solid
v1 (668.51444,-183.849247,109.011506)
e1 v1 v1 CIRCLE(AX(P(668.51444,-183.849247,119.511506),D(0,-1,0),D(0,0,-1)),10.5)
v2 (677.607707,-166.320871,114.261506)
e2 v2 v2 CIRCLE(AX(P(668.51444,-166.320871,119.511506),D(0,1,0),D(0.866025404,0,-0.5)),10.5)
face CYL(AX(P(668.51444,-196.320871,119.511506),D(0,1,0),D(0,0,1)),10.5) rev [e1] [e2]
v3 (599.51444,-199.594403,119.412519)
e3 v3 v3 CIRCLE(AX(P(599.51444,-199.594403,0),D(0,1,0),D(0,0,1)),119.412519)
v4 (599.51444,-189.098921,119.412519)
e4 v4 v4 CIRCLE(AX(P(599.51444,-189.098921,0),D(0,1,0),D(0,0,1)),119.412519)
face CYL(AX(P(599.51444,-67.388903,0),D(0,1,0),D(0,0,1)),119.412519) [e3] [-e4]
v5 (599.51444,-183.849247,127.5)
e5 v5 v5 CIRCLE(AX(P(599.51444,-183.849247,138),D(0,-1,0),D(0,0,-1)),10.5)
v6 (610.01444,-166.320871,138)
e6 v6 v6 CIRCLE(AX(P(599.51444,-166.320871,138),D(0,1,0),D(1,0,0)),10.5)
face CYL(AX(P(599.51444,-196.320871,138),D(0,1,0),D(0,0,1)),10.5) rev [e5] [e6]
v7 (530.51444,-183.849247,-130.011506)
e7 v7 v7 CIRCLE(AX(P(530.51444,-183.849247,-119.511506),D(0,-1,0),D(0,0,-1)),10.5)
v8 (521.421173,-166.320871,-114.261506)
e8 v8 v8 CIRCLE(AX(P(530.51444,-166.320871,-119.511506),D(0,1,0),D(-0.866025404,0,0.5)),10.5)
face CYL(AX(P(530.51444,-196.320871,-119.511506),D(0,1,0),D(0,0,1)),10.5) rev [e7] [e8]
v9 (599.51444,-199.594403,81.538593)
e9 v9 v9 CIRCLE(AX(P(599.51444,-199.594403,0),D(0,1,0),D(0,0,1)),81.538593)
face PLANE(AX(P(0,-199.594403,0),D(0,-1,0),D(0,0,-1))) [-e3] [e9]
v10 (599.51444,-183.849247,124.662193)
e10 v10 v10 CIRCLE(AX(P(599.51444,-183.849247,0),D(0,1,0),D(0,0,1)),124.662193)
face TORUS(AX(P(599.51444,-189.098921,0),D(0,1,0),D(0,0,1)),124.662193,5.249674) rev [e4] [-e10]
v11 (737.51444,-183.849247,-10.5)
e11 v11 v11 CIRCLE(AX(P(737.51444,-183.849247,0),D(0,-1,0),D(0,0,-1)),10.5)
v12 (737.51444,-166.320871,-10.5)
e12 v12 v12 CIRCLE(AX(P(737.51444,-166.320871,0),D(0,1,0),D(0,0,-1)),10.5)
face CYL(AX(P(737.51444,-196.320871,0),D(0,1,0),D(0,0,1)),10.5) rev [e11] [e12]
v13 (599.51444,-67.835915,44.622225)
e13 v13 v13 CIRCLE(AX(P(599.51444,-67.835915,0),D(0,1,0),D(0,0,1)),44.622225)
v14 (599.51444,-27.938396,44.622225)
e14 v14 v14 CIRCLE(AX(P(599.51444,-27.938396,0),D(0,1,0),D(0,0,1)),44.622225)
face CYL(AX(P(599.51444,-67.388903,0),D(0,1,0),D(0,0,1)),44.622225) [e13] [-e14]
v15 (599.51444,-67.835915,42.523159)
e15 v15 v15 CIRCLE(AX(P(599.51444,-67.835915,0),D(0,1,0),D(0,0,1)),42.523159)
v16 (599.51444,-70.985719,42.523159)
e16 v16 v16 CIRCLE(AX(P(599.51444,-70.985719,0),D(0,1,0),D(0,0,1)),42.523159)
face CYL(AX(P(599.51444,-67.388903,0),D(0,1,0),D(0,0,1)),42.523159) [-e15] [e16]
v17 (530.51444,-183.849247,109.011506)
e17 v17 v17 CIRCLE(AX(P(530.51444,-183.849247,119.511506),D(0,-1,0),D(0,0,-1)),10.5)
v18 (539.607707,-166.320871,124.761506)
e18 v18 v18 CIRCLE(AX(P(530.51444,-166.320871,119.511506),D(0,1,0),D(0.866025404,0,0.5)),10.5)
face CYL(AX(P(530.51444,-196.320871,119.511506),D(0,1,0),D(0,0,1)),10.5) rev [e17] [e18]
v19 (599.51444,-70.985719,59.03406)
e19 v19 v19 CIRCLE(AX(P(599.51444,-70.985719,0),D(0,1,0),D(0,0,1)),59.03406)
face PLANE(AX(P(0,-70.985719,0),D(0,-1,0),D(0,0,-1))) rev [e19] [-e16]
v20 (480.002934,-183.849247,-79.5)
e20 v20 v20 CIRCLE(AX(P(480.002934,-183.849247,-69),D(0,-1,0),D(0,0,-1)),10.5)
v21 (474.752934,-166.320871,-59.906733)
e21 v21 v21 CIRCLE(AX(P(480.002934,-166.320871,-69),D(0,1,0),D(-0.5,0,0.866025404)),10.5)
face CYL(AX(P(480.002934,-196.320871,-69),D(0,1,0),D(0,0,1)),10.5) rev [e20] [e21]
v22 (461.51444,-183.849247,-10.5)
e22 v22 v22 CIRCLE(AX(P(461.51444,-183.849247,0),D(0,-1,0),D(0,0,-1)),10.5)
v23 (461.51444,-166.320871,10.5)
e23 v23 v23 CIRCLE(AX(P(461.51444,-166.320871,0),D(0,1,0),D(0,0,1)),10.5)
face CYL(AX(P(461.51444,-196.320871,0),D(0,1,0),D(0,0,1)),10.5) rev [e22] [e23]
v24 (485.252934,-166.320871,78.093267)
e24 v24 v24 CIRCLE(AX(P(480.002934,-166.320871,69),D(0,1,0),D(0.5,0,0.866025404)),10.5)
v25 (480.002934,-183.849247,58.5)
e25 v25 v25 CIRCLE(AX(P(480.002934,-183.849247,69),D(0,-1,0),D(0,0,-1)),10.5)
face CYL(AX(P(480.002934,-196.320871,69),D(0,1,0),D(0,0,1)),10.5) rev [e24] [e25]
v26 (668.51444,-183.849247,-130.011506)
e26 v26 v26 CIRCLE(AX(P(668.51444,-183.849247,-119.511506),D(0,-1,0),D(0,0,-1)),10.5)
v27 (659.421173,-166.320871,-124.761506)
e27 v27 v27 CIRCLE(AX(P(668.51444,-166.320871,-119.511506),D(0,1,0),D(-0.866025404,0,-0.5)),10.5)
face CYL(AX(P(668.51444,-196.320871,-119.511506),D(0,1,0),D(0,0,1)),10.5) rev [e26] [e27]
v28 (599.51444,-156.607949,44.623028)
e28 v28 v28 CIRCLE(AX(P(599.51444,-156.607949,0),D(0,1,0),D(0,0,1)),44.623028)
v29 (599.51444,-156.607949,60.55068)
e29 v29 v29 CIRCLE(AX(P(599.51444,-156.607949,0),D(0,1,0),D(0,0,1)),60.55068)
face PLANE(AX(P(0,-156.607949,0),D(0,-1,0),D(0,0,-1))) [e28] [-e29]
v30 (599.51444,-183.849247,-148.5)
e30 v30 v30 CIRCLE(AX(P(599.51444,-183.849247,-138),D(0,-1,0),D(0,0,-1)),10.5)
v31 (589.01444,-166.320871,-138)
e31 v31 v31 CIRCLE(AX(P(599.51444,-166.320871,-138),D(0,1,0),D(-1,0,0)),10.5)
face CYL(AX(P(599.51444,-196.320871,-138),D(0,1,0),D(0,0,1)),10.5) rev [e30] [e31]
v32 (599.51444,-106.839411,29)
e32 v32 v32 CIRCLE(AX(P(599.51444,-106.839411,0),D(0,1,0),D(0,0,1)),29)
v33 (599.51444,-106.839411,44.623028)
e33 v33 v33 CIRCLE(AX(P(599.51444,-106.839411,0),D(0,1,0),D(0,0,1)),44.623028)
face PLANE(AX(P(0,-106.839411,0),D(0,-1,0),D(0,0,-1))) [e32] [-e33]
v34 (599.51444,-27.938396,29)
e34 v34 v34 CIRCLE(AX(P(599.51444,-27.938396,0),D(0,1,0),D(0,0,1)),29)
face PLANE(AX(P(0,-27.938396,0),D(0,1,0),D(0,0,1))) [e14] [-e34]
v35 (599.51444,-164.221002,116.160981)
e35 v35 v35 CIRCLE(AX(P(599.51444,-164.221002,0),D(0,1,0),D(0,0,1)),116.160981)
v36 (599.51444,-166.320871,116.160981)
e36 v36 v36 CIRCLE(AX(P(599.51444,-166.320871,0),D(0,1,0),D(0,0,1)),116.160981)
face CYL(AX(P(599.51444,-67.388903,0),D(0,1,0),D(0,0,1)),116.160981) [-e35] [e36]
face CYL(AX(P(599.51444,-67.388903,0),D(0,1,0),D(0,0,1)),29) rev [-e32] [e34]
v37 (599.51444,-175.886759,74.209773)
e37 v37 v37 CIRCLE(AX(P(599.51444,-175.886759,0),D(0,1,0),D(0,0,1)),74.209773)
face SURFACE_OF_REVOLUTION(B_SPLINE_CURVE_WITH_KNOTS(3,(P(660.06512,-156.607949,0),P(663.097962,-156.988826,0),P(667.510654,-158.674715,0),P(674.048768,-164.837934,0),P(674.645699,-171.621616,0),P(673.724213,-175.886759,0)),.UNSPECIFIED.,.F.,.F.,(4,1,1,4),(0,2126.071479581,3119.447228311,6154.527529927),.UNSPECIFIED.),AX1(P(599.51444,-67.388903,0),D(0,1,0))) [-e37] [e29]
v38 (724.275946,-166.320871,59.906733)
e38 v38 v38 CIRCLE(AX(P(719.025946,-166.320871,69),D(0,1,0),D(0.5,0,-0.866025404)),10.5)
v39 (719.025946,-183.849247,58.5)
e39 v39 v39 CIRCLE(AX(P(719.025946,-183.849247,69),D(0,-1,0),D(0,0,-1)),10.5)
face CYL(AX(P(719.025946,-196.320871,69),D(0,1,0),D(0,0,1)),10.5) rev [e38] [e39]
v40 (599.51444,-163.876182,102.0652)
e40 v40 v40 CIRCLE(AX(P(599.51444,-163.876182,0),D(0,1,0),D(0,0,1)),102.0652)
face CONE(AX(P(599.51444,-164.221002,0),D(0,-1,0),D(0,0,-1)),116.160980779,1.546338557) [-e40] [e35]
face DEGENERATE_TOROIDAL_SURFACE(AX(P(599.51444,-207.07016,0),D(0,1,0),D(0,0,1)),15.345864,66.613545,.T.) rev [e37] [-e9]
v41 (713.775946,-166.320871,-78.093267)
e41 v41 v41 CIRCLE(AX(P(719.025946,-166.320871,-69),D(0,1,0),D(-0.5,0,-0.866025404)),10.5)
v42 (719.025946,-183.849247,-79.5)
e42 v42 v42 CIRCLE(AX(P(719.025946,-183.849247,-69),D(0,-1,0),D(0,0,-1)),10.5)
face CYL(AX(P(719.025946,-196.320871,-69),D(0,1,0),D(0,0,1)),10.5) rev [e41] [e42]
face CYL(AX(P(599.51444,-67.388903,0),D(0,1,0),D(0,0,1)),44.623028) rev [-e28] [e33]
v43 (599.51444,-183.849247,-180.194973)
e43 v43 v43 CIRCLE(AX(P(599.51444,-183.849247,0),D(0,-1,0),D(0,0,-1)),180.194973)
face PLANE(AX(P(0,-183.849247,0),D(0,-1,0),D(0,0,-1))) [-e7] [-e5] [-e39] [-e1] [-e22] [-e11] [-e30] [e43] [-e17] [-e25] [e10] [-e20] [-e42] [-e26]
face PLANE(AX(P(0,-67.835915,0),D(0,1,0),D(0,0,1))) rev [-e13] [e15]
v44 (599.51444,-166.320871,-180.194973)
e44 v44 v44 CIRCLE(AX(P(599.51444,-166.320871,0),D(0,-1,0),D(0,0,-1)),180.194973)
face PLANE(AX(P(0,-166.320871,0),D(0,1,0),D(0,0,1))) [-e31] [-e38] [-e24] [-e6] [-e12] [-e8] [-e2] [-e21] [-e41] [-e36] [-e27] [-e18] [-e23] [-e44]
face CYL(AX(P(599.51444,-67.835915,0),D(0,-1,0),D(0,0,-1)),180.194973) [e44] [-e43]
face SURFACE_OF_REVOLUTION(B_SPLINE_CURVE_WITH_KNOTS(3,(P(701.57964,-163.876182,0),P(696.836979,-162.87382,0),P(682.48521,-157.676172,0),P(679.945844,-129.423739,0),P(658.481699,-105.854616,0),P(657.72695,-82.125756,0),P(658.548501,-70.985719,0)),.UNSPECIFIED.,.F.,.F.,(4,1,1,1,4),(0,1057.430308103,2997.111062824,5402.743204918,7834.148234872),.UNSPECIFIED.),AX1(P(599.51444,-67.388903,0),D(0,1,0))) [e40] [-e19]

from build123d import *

# Parameters (mm, degrees)
SKETCH_3_W               = 24
SKETCH_3_H               = 17.528375635
SKETCH_4_R               = 10.5
CUT_EXTRUDE_1_DEPTH      = 30
PATTERN_CIRCULAR_1_COUNT = 12


with BuildPart() as part:
    # 草图2 → 旋转1 (revolve)
    with BuildSketch(Plane.XY):
        with BuildLine():
            Line((628.514440138, -27.938395666), (628.514440138, -67.388903254))
            Line((628.514440138, -67.388903254), (628.514440138, -106.839410841))
            Line((628.514440138, -106.839410841), (644.137468569, -106.839410841))
            Line((644.137468569, -106.839410841), (644.137468569, -156.607948671))
            Line((644.137468569, -156.607948671), (660.065119858, -156.607948671))
            add(Edge.make_bspline(
                [(660.065119858, -156.607948671), (663.097961625, -156.988826471), (667.510654429, -158.674715159), (674.04876802, -164.83793422), (674.645699136, -171.621615989), (673.724213488, -175.886758841)],
                knots=[0, 0, 0, 0, 2126.071479581, 3119.447228311, 6154.527529927, 6154.527529927, 6154.527529927, 6154.527529927], degree=3, weights=[1, 1, 1, 1, 1, 1]))
            ThreePointArc((673.724213488, -175.886758841), (678.502301213, -187.396306093), (681.053033074, -199.594402961))
            Line((681.053033074, -199.594402961), (681.141679927, -199.594402961))
            Line((681.141679927, -199.594402961), (718.926959628, -199.594402961))
            Line((718.926959628, -199.594402961), (718.926959628, -189.098920651))
            ThreePointArc((718.926959628, -189.098920651), (720.464553406, -185.386840898), (724.176633159, -183.849247119))
            Line((724.176633159, -183.849247119), (732.610849344, -183.849247119))
            Line((732.610849344, -183.849247119), (732.610849344, -166.320871484))
            Line((732.610849344, -166.320871484), (715.675420917, -166.320871484))
            Line((715.675420917, -166.320871484), (715.675420917, -164.221002072))
            Line((715.675420917, -164.221002072), (701.57964043, -163.876181958))
            add(Edge.make_bspline(
                [(701.57964043, -163.876181958), (696.836978513, -162.873820387), (682.485210268, -157.676172339), (679.945843963, -129.423738671), (658.481699004, -105.854615848), (657.726950227, -82.12575596), (658.548500632, -70.985718628)],
                knots=[0, 0, 0, 0, 1057.430308103, 2997.111062824, 5402.743204918, 7834.148234872, 7834.148234872, 7834.148234872, 7834.148234872], degree=3, weights=[1, 1, 1, 1, 1, 1, 1]))
            Line((658.548500632, -70.985718628), (642.037599156, -70.985718628))
            Line((642.037599156, -70.985718628), (642.037599156, -67.835914509))
            Line((642.037599156, -67.835914509), (644.13666516, -67.835914509))
            Line((644.13666516, -67.835914509), (644.13666516, -27.938395666))
            Line((644.13666516, -27.938395666), (628.514440138, -27.938395666))
        make_face()
        Polygon((733.66078405, -166.320871484), (732.610849344, -166.320871484), (732.610849344, -183.849247119), (755.709412884, -183.849247119), (755.709412884, -166.320871484), (754.659478178, -166.320871484), align=None)
    revolve(axis=Axis((599.514440138, -67.388903254, 0), (0, -1, 0)))

    # 草图3 → 旋转2 (revolve)
    with BuildSketch(Plane.XY):
        with Locations((431.319467391, -175.085059301)):
            Rectangle(SKETCH_3_W, SKETCH_3_H)
    revolve(axis=Axis((599.514440138, -67.835914509, 0), (0, 1, 0)))

    # 草图4 → 切除-拉伸1 (cut)
    with BuildSketch(Plane(origin=(0, -166.320871484, 0), x_dir=(1, 0, 0), z_dir=(0, 1, 0))):
        with Locations((461.514440138, 0)):
            Circle(SKETCH_4_R)
    cut_extrude_1 = extrude(amount=-CUT_EXTRUDE_1_DEPTH, mode=Mode.SUBTRACT)

    # 阵列(圆周)1: 切除-拉伸1 ×12 about axis
    pattern_circular_1_axis = Axis((599.514440138, 0, 0), (0, 1, 0))
    for i in range(1, PATTERN_CIRCULAR_1_COUNT):
        add(cut_extrude_1.rotate(pattern_circular_1_axis, i * 360 / PATTERN_CIRCULAR_1_COUNT), mode=Mode.SUBTRACT)


solid = part.part
